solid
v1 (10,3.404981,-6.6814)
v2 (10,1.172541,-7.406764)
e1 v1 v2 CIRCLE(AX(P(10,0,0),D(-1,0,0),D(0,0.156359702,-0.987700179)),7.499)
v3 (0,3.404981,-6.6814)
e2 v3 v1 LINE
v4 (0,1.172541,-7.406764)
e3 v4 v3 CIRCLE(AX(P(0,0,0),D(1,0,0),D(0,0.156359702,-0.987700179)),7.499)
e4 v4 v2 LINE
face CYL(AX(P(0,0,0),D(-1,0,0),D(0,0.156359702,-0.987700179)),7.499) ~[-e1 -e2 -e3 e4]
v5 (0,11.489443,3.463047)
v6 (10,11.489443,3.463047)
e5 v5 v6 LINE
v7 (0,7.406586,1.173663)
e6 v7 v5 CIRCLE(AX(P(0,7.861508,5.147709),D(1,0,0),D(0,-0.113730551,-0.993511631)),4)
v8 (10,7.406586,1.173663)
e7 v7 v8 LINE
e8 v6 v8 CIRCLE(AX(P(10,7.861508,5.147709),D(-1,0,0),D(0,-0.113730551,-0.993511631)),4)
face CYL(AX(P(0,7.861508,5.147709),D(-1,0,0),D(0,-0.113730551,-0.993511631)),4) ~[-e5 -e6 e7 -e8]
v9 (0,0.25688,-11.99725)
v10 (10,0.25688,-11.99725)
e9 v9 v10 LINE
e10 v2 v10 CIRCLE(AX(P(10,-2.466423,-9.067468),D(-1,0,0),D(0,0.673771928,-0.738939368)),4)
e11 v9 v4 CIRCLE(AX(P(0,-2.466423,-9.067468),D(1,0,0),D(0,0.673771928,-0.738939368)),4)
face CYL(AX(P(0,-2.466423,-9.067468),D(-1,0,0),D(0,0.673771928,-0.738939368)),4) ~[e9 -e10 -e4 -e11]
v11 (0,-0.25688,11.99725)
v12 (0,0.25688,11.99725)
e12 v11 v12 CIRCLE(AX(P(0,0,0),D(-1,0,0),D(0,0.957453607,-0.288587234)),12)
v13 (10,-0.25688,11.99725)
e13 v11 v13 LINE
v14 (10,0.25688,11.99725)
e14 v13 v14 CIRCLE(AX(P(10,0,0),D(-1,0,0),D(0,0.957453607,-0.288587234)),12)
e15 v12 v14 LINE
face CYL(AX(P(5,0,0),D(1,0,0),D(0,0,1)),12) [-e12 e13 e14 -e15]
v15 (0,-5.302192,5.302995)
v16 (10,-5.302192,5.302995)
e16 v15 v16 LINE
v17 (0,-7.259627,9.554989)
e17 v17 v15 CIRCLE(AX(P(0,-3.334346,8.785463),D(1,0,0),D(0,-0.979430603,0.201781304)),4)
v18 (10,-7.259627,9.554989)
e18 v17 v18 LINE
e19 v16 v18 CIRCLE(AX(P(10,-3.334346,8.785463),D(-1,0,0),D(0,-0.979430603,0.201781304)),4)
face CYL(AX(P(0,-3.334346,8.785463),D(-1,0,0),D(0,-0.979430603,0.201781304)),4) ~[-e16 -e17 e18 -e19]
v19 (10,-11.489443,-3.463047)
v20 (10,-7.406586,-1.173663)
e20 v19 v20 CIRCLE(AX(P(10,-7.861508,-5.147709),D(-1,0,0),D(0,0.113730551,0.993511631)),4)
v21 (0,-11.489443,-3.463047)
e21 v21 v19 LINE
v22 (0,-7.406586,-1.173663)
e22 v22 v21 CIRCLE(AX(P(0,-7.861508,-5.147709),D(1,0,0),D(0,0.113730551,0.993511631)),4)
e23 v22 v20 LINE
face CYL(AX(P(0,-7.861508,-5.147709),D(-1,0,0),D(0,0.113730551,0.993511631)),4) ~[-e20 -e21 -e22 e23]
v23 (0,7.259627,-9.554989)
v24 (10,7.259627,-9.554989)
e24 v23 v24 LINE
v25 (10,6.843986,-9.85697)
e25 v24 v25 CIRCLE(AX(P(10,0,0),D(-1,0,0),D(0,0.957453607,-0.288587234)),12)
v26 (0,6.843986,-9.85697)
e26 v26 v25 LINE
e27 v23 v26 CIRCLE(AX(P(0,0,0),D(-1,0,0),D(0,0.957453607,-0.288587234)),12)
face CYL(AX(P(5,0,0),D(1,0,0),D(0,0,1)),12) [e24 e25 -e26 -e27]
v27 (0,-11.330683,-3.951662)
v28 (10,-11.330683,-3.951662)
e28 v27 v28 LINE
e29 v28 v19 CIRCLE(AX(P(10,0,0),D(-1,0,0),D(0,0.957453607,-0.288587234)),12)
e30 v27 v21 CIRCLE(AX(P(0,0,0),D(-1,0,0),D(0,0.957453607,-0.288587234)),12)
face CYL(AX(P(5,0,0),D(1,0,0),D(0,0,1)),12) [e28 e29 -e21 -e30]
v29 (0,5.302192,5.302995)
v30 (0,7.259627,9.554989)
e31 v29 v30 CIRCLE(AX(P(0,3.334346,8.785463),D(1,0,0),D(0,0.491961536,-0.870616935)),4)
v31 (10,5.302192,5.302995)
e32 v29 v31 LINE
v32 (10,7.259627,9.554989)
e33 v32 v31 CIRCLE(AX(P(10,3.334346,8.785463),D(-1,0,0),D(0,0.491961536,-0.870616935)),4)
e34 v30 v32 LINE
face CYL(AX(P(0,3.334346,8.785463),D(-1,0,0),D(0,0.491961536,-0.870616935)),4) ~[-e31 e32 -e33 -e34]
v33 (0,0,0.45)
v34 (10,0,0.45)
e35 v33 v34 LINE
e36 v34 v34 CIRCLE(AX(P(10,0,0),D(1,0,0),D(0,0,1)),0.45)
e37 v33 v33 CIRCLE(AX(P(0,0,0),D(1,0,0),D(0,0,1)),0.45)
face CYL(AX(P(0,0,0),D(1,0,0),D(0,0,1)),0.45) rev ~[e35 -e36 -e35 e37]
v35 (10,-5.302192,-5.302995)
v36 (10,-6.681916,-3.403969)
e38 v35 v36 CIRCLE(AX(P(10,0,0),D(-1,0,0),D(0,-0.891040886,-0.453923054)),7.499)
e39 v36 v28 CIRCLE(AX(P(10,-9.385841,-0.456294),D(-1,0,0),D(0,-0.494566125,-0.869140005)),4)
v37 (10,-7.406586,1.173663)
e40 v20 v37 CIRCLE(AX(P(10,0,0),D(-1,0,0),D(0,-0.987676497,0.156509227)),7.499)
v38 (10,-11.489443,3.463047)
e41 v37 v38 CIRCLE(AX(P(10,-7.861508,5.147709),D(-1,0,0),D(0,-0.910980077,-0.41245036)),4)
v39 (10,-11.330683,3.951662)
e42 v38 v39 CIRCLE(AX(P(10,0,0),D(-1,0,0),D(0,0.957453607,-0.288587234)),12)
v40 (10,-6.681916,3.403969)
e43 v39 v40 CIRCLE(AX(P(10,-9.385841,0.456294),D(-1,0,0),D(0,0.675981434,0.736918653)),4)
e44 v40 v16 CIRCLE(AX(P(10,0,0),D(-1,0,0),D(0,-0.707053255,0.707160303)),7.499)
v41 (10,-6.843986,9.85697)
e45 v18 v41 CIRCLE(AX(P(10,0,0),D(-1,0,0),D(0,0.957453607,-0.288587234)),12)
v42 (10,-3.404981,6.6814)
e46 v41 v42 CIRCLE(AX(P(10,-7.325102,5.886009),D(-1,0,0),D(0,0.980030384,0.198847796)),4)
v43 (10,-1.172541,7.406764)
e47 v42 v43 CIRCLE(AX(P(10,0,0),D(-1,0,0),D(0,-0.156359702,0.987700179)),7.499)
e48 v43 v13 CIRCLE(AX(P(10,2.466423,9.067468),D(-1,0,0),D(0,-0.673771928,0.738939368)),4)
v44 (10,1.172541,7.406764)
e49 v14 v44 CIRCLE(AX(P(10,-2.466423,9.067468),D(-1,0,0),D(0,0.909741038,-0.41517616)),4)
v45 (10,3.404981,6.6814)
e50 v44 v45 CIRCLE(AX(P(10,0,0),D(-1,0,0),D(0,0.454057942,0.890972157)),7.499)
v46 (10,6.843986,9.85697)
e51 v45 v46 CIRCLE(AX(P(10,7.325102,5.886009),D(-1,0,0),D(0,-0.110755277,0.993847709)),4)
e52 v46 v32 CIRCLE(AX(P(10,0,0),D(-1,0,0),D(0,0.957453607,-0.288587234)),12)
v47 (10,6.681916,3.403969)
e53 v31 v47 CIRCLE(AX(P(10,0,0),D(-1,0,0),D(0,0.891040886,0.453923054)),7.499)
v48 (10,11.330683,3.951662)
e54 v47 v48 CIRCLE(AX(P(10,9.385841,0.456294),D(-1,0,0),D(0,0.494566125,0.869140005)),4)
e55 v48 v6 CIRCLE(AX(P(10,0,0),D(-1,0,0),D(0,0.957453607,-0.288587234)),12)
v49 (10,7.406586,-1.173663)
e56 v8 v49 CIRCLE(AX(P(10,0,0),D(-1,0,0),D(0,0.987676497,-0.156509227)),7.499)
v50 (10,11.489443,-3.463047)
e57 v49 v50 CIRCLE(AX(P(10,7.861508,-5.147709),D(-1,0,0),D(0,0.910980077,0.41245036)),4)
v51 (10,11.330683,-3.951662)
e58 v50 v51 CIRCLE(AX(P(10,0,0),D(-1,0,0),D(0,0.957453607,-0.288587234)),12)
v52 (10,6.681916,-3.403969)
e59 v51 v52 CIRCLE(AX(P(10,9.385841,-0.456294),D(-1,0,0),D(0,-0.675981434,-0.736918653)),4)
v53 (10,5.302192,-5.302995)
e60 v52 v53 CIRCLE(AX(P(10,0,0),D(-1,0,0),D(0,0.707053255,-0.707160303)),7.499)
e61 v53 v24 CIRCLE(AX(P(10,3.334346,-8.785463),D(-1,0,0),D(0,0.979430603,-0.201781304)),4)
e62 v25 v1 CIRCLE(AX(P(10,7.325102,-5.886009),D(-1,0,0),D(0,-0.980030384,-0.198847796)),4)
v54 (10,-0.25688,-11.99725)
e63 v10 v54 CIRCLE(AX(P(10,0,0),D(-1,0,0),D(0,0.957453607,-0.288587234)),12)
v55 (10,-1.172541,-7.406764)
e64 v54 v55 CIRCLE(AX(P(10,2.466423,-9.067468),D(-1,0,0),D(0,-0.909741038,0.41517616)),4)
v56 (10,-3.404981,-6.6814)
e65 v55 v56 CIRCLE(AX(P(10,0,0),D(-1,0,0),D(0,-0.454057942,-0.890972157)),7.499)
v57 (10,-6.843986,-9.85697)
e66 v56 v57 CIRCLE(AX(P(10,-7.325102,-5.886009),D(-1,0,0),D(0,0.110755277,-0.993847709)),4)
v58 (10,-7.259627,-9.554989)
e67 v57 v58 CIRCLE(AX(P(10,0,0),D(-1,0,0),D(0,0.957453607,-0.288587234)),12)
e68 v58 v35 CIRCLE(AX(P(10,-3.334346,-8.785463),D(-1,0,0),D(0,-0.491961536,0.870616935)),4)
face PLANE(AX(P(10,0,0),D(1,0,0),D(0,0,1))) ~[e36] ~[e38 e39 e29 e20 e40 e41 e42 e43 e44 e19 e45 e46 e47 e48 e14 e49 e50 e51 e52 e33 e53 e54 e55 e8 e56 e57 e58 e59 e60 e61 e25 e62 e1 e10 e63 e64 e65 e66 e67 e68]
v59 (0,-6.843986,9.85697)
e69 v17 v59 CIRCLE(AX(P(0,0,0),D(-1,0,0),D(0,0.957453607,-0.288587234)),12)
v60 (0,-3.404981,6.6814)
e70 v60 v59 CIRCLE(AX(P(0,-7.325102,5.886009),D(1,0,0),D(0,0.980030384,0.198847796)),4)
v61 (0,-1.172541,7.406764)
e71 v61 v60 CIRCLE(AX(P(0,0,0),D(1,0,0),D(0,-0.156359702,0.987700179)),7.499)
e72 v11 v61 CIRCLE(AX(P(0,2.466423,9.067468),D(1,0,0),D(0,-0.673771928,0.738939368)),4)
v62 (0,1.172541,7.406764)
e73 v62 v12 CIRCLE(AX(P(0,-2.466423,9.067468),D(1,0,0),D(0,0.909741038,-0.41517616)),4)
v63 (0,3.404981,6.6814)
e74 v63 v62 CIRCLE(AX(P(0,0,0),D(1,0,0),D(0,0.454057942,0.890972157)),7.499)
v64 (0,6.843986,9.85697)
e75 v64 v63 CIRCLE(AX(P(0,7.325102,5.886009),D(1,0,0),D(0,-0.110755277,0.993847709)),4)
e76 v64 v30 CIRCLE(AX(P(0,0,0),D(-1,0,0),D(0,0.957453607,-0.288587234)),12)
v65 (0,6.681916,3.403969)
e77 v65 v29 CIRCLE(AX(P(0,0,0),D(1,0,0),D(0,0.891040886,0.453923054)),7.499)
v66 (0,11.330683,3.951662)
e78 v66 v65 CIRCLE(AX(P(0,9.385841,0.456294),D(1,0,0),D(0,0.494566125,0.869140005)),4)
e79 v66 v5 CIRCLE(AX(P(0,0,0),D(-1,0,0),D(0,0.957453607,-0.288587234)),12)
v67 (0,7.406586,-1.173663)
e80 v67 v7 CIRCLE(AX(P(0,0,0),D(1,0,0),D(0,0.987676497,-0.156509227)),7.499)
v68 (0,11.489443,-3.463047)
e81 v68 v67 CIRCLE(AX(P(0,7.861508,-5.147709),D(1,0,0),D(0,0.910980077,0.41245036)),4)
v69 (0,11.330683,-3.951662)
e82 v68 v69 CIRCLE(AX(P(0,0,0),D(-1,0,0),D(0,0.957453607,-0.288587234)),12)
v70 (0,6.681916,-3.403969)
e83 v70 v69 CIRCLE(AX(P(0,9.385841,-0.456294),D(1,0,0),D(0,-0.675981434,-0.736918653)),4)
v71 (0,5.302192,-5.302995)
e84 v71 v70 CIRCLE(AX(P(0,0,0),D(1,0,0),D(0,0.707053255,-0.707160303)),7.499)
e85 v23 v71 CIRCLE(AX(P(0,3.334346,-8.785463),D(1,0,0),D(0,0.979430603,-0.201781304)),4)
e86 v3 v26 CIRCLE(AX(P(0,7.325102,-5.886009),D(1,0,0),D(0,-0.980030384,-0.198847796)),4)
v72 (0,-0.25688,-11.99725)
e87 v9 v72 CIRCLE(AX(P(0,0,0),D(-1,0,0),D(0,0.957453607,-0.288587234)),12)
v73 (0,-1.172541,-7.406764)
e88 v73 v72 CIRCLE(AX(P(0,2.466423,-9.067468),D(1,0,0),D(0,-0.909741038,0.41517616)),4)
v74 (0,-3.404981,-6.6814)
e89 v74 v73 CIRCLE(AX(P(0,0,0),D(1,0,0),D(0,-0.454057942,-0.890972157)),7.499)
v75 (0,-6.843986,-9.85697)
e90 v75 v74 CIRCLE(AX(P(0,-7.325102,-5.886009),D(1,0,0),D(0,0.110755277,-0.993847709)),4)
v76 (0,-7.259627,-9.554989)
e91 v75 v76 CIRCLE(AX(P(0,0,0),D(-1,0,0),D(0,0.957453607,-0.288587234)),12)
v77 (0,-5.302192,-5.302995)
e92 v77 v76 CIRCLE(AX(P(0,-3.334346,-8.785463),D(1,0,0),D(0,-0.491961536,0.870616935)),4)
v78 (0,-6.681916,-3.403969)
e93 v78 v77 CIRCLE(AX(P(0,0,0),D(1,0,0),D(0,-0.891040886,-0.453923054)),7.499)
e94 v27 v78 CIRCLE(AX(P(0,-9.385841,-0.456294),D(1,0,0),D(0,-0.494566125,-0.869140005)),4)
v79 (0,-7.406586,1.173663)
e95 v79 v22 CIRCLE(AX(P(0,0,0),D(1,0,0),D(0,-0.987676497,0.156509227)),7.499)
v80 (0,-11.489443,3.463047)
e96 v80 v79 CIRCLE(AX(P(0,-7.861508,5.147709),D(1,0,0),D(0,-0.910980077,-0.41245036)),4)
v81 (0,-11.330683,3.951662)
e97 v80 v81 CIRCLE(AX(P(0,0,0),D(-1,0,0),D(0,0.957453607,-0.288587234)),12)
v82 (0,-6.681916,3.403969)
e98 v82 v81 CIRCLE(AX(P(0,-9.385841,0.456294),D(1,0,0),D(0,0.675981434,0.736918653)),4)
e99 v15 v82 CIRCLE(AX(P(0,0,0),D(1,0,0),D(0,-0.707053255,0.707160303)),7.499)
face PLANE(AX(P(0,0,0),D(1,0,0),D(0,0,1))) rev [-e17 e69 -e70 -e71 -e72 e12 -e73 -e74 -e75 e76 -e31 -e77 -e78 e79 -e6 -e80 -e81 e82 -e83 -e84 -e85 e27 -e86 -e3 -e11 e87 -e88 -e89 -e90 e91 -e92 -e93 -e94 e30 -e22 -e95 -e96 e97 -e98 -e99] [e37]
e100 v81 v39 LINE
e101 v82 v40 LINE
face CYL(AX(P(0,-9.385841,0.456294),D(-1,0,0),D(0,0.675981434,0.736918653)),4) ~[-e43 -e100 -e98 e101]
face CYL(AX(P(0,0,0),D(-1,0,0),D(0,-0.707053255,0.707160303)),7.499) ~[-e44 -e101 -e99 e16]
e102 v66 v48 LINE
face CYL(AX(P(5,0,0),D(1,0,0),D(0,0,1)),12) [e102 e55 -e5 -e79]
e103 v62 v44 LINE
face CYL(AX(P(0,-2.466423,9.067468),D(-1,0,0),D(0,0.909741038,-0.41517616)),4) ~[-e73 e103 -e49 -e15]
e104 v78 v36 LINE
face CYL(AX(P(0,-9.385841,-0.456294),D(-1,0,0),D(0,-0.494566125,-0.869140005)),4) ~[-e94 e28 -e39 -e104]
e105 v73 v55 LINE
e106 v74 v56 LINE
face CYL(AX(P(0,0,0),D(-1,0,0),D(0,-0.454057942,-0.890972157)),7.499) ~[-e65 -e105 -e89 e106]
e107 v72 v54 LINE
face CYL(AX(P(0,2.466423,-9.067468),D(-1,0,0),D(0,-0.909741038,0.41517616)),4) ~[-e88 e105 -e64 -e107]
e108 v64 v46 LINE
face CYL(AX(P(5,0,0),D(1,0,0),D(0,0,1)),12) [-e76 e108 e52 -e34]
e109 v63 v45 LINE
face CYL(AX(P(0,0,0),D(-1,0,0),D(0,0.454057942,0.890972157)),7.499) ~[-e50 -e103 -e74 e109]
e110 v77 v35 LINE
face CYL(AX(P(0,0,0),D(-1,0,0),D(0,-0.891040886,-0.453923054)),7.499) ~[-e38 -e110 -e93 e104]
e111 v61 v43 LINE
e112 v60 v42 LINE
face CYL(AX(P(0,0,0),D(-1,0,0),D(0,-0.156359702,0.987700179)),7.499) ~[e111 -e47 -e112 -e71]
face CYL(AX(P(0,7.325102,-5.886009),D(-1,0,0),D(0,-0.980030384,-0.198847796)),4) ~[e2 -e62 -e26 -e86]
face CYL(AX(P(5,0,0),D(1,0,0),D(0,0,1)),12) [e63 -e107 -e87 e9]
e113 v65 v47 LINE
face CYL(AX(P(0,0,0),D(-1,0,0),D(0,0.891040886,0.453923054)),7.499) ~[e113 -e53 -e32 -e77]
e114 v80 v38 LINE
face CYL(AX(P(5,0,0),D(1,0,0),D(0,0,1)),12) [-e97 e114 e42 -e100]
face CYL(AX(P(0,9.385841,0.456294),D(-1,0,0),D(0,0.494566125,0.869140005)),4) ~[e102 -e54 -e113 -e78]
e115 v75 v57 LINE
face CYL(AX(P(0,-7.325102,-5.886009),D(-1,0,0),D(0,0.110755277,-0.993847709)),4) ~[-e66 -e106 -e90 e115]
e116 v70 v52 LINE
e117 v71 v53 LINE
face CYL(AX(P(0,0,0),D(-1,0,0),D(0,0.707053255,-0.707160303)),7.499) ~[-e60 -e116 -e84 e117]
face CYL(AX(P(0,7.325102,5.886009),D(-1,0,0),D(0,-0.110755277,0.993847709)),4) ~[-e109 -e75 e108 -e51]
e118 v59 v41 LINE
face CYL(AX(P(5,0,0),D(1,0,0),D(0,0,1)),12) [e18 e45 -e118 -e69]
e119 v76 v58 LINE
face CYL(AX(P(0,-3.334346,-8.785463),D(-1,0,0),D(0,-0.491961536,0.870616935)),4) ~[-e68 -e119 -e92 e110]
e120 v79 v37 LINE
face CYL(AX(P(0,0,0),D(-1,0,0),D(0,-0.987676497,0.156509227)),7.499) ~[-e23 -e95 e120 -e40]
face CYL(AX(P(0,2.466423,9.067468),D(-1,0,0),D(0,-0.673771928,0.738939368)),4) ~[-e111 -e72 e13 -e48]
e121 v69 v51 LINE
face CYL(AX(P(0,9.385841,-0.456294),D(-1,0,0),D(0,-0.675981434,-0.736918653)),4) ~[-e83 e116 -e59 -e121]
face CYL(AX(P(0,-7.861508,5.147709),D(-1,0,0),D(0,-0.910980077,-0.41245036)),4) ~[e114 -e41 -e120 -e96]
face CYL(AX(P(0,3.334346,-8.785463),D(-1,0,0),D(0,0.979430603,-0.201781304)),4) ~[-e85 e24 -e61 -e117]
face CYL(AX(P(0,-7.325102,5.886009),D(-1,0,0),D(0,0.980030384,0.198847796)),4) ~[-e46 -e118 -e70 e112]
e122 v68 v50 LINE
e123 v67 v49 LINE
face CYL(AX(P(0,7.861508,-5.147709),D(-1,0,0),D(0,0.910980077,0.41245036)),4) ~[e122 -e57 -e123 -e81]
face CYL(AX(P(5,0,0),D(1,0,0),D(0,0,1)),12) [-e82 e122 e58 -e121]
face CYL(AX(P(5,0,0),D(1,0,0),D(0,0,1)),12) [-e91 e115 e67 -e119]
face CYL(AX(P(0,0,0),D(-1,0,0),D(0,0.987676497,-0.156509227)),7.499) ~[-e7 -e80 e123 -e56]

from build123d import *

# Parameters (mm, degrees)
BASPROSKE_W     = 10
BASPROSKE_H     = 12
TOOTHCUT_DEPTH  = 20.697715604
TEETHCUTS_COUNT = 10
TEETHCUTS_ANGLE = 324
BORSKE_R        = 0.45
BORE_DEPTH      = 50.0000508


with BuildPart() as part:
    # BasProSke → Base-Revolve (revolve)
    with BuildSketch(Plane(origin=(0, 0, 0), x_dir=(1, 0, 0), z_dir=(0, 1, 0)), mode=Mode.PRIVATE) as base_revolve_sk:
        with Locations((5, 6)):
            Rectangle(BASPROSKE_W, BASPROSKE_H)
    revolve(base_revolve_sk.sketch.rotate(Axis((-10, 0, 0), (1, 0, 0)), 180), axis=Axis((-10, 0, 0), (1, 0, 0)))

    # TooCutSke → ToothCut (cut, through all)
    with BuildSketch(Plane(origin=(0, 0, 0), x_dir=(0, 0, -1), z_dir=(1, 0, 0))):
        with BuildLine():
            ThreePointArc((1.173662691, 7.406586048), (0, 7.499), (-1.173662691, 7.406586048))
            ThreePointArc((-1.173662691, 7.406586048), (-1.668191438, 9.834565786), (-3.497907776, 11.50542856))
            ThreePointArc((-3.497907776, 11.50542856), (0, 12.0254), (3.497907776, 11.50542856))
            ThreePointArc((3.497907776, 11.50542856), (1.668191438, 9.834565786), (1.173662691, 7.406586048))
        make_face()
    toothcut = extrude(amount=TOOTHCUT_DEPTH, mode=Mode.SUBTRACT)

    # TeethCuts: ToothCut ×10 about axis
    teethcuts_axis = Axis((-10, 0, 0), (1, 0, 0))
    for i in range(1, TEETHCUTS_COUNT):
        add(toothcut.rotate(teethcuts_axis, i * TEETHCUTS_ANGLE / (TEETHCUTS_COUNT - 1)), mode=Mode.SUBTRACT)

    # BorSke → Bore (cut, symmetric)
    with BuildSketch(Plane(origin=(0, 0, 0), x_dir=(0, 0, -1), z_dir=(1, 0, 0))):
        with Locations(Location((0, 0, 0), (0, 0, 180))):
            Circle(BORSKE_R)
    extrude(amount=BORE_DEPTH, both=True, mode=Mode.SUBTRACT)


solid = part.part
